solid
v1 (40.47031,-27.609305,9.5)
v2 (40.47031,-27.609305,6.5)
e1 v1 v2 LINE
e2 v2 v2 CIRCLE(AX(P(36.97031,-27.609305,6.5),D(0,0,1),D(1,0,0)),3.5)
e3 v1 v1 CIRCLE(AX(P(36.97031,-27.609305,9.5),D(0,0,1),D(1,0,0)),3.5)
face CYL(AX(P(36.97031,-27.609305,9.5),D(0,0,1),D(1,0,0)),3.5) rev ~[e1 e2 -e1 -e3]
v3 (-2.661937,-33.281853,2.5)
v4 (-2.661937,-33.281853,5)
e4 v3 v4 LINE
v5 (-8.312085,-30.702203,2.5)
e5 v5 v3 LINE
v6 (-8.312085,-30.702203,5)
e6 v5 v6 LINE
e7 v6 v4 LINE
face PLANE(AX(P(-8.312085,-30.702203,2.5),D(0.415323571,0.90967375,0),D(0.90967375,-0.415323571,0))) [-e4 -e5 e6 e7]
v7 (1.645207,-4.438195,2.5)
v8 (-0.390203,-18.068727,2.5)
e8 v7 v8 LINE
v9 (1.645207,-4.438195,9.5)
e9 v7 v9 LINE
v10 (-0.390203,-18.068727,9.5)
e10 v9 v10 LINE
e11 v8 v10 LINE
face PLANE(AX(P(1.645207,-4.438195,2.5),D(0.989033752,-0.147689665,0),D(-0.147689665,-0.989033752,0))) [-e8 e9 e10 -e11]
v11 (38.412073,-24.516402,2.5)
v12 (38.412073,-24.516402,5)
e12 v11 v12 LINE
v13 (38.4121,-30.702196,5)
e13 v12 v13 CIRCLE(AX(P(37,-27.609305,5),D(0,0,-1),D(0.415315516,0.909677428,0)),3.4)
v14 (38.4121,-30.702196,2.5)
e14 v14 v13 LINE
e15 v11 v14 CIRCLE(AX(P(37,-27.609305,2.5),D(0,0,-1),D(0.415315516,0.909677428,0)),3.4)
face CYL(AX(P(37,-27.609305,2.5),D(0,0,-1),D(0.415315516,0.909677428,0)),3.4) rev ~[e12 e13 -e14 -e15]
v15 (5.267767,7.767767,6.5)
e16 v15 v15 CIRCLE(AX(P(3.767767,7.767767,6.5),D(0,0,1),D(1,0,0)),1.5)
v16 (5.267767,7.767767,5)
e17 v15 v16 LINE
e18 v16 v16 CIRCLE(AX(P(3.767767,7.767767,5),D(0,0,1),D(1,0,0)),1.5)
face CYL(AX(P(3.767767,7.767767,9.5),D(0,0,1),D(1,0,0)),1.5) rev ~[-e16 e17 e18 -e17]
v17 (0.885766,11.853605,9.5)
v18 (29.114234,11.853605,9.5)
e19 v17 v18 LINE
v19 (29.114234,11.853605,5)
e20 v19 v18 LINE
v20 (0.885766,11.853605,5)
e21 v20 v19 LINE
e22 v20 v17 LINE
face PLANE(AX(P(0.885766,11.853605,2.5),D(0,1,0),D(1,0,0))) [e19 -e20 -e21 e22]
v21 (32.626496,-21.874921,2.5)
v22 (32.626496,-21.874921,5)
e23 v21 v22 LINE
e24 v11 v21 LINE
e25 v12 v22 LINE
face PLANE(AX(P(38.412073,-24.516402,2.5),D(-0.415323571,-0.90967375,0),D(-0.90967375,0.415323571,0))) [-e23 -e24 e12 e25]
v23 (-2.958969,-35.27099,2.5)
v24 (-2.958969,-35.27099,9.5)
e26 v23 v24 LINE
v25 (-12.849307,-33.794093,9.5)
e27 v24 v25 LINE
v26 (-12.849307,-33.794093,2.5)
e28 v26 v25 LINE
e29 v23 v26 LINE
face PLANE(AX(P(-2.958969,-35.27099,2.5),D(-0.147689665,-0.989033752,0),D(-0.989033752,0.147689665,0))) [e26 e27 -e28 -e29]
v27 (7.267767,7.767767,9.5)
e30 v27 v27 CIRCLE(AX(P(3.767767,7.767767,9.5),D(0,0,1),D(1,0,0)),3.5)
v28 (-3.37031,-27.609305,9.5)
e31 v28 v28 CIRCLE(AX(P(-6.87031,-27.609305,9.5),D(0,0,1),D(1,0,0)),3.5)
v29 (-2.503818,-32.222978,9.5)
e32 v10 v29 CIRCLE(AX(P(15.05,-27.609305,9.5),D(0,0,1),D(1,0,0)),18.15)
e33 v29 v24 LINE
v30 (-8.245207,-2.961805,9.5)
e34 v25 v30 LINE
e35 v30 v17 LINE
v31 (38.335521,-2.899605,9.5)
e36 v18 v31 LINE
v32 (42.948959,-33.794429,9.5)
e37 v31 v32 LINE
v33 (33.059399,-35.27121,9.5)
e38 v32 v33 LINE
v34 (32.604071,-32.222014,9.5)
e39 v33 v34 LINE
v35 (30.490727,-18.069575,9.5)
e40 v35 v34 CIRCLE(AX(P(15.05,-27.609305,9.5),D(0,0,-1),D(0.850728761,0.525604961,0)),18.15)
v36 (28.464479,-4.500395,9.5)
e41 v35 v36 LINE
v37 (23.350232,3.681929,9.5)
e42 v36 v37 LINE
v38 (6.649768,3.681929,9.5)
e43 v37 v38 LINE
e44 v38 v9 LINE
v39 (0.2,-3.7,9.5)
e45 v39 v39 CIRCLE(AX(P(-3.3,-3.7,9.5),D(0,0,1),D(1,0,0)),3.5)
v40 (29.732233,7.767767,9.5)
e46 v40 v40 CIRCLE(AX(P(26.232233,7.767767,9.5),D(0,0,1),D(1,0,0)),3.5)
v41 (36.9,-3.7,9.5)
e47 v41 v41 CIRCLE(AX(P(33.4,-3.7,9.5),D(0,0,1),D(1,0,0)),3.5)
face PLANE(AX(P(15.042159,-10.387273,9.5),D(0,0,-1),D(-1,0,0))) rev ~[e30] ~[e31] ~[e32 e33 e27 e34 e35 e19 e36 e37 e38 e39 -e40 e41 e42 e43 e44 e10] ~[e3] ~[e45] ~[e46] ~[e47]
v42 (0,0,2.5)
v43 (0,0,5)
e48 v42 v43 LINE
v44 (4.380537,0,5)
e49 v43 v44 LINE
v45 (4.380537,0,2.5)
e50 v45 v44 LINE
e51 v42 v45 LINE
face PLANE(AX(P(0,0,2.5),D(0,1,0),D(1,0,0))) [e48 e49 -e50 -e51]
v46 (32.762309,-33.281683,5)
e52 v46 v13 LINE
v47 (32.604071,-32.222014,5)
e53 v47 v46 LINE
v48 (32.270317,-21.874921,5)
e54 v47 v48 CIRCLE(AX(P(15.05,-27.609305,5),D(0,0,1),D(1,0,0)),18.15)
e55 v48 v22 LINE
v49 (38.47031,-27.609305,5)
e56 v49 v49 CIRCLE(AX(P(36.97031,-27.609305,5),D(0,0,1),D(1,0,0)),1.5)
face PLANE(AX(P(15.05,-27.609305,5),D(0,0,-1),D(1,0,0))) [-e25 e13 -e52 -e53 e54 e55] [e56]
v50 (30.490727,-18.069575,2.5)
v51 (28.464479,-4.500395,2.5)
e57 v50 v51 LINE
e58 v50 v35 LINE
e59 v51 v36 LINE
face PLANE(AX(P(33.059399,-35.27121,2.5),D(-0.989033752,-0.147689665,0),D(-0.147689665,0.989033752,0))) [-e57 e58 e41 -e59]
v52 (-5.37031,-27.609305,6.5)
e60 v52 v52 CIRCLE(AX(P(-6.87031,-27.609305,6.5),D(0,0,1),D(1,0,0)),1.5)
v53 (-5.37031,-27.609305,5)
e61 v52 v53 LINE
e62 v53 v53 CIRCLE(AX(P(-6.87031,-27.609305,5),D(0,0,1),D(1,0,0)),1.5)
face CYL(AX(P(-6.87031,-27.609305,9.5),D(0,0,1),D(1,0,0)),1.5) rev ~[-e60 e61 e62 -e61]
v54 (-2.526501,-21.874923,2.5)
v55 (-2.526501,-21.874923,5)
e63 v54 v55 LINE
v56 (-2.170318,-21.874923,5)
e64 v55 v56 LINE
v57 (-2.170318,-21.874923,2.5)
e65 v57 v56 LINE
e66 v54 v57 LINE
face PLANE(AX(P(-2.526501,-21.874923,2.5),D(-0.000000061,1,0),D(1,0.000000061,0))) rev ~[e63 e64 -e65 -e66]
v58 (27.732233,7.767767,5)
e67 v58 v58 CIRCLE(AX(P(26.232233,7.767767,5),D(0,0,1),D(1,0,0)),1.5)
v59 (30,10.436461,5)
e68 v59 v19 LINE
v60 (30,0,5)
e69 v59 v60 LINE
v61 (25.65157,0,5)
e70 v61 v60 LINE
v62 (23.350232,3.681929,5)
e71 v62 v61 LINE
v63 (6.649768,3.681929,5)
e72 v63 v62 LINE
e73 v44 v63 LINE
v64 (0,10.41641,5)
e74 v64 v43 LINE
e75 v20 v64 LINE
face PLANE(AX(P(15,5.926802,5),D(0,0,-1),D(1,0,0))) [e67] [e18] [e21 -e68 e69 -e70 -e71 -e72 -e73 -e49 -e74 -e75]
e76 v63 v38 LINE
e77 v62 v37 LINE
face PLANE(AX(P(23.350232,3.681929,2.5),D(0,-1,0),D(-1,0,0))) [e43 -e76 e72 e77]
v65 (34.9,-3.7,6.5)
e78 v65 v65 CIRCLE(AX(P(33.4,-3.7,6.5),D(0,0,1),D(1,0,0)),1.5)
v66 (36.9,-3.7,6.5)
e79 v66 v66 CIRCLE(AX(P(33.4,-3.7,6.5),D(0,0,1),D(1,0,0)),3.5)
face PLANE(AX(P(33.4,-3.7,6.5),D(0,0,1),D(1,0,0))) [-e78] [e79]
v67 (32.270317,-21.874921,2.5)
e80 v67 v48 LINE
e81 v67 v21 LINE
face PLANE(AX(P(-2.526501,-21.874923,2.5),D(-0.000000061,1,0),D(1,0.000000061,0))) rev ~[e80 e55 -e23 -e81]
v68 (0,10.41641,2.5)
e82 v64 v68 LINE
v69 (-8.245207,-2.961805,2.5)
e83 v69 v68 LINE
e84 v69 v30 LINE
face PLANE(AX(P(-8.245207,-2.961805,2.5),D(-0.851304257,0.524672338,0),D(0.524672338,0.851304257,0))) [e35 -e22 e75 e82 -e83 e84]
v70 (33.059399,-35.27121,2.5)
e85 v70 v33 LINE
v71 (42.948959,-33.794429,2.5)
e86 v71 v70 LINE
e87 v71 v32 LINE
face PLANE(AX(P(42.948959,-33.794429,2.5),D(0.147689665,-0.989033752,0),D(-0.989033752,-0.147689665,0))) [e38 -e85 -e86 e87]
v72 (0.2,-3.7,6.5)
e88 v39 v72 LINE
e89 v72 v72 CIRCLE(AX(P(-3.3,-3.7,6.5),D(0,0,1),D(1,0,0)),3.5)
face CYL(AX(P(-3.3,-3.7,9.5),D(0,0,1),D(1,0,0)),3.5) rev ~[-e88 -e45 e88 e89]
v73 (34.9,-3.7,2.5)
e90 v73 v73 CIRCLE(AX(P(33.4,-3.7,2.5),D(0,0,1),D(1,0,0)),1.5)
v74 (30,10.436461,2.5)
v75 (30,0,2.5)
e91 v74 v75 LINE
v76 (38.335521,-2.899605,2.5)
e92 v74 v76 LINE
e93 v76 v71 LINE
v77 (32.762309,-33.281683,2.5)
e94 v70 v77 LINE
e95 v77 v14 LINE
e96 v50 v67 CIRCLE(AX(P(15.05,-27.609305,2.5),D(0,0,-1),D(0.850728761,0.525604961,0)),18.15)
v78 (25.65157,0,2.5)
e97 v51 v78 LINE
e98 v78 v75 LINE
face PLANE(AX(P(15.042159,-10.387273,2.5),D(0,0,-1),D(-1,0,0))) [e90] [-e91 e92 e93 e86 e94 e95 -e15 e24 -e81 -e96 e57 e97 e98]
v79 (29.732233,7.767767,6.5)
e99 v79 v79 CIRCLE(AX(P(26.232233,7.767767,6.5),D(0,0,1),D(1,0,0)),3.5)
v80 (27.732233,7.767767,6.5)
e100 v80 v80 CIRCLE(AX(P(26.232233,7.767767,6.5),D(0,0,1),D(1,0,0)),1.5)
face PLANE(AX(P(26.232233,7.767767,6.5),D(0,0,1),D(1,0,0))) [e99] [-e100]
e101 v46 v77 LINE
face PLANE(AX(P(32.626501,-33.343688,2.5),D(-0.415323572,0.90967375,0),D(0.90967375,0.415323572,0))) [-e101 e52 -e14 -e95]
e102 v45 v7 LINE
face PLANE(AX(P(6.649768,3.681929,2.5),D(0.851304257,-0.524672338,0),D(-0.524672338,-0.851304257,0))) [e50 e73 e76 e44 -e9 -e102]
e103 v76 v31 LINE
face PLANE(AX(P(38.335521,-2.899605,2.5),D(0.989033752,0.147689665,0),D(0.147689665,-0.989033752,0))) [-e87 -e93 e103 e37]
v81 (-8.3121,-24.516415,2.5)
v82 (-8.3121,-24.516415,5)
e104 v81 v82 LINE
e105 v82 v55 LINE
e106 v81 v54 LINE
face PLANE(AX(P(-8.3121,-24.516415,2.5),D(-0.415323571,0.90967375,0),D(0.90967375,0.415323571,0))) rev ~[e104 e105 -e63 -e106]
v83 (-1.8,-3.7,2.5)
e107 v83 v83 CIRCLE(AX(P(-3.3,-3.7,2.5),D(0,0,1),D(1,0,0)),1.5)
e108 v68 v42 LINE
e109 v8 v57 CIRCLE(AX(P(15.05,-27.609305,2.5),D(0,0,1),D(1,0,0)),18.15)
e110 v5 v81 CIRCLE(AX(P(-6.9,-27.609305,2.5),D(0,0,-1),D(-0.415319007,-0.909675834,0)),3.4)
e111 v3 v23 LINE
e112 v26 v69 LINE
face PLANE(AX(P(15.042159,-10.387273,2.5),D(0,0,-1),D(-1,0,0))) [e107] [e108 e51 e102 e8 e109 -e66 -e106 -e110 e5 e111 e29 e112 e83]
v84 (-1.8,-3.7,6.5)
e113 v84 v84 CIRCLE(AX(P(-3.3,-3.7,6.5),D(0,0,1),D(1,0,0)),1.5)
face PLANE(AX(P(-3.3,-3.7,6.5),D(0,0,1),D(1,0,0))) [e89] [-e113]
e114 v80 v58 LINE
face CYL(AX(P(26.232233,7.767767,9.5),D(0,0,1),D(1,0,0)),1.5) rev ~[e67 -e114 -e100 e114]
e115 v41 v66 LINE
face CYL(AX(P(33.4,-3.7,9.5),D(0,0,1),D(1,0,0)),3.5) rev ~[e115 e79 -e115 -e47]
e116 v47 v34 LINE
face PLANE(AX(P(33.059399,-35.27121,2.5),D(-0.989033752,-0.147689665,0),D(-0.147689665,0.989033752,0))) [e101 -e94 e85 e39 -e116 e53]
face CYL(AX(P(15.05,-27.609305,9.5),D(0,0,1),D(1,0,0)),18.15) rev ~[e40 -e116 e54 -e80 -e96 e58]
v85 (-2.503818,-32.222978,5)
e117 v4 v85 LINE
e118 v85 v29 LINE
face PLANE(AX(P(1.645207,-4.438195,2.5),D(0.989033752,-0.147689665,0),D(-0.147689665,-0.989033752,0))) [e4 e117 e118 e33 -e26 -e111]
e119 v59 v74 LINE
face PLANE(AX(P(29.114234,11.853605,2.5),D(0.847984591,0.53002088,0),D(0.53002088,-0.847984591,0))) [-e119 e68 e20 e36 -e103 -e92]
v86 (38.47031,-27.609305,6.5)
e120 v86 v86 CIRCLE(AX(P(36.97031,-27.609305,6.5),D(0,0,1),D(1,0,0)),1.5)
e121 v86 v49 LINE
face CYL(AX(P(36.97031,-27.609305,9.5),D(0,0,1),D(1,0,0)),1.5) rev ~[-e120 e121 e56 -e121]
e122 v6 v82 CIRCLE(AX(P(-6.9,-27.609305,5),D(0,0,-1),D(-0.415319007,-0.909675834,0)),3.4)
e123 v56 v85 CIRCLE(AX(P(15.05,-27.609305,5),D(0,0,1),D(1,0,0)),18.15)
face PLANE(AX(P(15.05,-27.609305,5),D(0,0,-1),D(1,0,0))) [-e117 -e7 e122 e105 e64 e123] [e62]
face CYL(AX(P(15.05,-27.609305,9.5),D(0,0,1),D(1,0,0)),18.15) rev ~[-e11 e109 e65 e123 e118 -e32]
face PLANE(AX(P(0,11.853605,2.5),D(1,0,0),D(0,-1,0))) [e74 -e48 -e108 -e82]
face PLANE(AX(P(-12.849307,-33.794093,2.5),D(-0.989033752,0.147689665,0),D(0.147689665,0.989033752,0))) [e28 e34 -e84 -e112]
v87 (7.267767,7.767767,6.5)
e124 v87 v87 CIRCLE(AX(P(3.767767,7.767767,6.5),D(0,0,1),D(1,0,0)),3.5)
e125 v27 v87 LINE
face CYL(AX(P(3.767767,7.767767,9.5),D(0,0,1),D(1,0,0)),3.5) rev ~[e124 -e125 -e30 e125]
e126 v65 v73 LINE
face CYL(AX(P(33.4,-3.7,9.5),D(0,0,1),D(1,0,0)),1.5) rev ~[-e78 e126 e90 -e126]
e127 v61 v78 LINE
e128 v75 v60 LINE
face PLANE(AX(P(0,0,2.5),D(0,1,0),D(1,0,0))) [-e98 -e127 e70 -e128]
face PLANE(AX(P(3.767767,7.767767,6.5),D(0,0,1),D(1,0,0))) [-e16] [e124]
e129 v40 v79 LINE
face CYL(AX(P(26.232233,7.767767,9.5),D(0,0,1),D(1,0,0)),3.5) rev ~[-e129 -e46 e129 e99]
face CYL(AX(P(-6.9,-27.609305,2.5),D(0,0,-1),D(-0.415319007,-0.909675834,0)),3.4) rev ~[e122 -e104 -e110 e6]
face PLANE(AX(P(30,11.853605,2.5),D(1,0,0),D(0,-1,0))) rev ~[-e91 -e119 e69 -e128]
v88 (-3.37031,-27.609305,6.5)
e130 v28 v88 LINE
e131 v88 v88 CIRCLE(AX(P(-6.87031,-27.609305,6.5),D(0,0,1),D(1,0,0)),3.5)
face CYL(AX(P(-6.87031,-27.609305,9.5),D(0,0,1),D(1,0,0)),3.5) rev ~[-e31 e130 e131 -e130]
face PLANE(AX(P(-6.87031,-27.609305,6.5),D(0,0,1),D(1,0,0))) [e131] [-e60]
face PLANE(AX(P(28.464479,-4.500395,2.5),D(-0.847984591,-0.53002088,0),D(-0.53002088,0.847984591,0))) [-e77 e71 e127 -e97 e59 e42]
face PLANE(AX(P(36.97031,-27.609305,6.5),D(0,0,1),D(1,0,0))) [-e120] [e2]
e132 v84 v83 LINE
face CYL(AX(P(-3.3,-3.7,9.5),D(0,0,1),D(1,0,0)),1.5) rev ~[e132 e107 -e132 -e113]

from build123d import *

# Parameters (mm, degrees)
PAD020_DEPTH    = 7
SKETCH043_W     = 30
SKETCH043_H     = 11.8536046546
POCKET018_DEPTH = 2.5
SKETCH044_R     = 1.5
POCKET019_DEPTH = 10
SKETCH045_R     = 3.5
POCKET020_DEPTH = 3
SKETCH046_R     = 18.15
POCKET021_DEPTH = 10
POCKET022_DEPTH = 2.5


with BuildPart() as part:
    # Sketch042 → Pad020 (new body)
    with BuildSketch(Plane.XY):
        Polygon((-12.8493066257, -33.7940933811), (-8.2452066191, -2.9618052463), (0.8857658642, 11.8536046546), (29.1142341358, 11.8536046546), (38.335521046, -2.8996050949), (42.948959357, -33.794429076), (33.0593993066, -35.2712096281), (28.4644789539, -4.5003949051), (23.3502319582, 3.6819292513), (6.6497680418, 3.6819292513), (1.6452066191, -4.4381947537), (-2.9589691174, -35.2709900288), align=None)
    extrude(amount=PAD020_DEPTH)

    # Sketch043 (on Face13 of Pad020) → Pocket018 (cut)
    with BuildSketch(Plane(origin=(0, 0, 0), x_dir=(1, 0, 0), z_dir=(0, 0, -1))):
        with Locations((15, -5.9268023273)):
            Rectangle(SKETCH043_W, SKETCH043_H)
    extrude(amount=-POCKET018_DEPTH, mode=Mode.SUBTRACT)

    # Sketch044 (on Face5 of Pocket018) → Pocket019 (cut)
    with BuildSketch(Plane.XY.offset(7)):
        with Locations((3.767766953, 7.767766953)):
            Circle(SKETCH044_R)
        with Locations((26.232233047, 7.767766953)):
            Circle(SKETCH044_R)
        with Locations((-6.8703102168, -27.60930544)):
            Circle(SKETCH044_R)
        with Locations((36.9703102168, -27.60930544)):
            Circle(SKETCH044_R)
        with Locations((33.4, -3.7)):
            Circle(SKETCH044_R)
        with Locations((-3.3, -3.7)):
            Circle(SKETCH044_R)
    extrude(amount=-POCKET019_DEPTH, mode=Mode.SUBTRACT)

    # Sketch045 (on Face5 of Pocket019) → Pocket020 (cut)
    with BuildSketch(Plane.XY.offset(7)):
        with Locations((36.9703102168, -27.60930544)):
            Circle(SKETCH045_R)
        with Locations((33.4, -3.7)):
            Circle(SKETCH045_R)
        with Locations((26.232233047, 7.767766953)):
            Circle(SKETCH045_R)
        with Locations((3.767766953, 7.767766953)):
            Circle(SKETCH045_R)
        with Locations((-3.3, -3.7)):
            Circle(SKETCH045_R)
        with Locations((-6.8703102168, -27.60930544)):
            Circle(SKETCH045_R)
    extrude(amount=-POCKET020_DEPTH, mode=Mode.SUBTRACT)

    # Sketch046 (on Face5 of Pocket020) → Pocket021 (cut)
    with BuildSketch(Plane.XY.offset(7)):
        with Locations((15.05, -27.60930544)):
            Circle(SKETCH046_R)
    extrude(amount=-POCKET021_DEPTH, mode=Mode.SUBTRACT)

    # Sketch047 (on Face4 of Pocket021) → Pocket022 (cut)
    with BuildSketch(Plane(origin=(0, 0, 0), x_dir=(1, 0, 0), z_dir=(0, 0, -1))):
        with BuildLine():
            ThreePointArc((-8.3120846255, 30.7022032745), (-10.3000000009, 27.6093139691), (-8.3121001429, 24.5164146902))
            Line((-8.3121001429, 24.5164146902), (-2.5265008251, 21.8749228678))
            Line((-2.5265008251, 21.8749228678), (32.6264961364, 21.8749207273))
            Line((38.4120727539, 24.5164021866), (32.6264961364, 21.8749207273))
            ThreePointArc((38.4120727539, 24.5164021867), (40.3999999994, 27.6092903858), (38.4121001427, 30.7021961887))
            Line((32.6265008251, 33.3436880121), (38.4121001427, 30.7021961887))
            Line((-2.5265008251, 33.3436880122), (32.6265008251, 33.3436880121))
            Line((-8.3120846255, 30.7022032745), (-2.5265008251, 33.3436880122))
        make_face()
    extrude(amount=-POCKET022_DEPTH, mode=Mode.SUBTRACT)


with BuildPart() as part_1:
    # Body005 placement: moved
    add(part.part.moved(Location((0, 0, 2.5))))


solid = part_1.part
